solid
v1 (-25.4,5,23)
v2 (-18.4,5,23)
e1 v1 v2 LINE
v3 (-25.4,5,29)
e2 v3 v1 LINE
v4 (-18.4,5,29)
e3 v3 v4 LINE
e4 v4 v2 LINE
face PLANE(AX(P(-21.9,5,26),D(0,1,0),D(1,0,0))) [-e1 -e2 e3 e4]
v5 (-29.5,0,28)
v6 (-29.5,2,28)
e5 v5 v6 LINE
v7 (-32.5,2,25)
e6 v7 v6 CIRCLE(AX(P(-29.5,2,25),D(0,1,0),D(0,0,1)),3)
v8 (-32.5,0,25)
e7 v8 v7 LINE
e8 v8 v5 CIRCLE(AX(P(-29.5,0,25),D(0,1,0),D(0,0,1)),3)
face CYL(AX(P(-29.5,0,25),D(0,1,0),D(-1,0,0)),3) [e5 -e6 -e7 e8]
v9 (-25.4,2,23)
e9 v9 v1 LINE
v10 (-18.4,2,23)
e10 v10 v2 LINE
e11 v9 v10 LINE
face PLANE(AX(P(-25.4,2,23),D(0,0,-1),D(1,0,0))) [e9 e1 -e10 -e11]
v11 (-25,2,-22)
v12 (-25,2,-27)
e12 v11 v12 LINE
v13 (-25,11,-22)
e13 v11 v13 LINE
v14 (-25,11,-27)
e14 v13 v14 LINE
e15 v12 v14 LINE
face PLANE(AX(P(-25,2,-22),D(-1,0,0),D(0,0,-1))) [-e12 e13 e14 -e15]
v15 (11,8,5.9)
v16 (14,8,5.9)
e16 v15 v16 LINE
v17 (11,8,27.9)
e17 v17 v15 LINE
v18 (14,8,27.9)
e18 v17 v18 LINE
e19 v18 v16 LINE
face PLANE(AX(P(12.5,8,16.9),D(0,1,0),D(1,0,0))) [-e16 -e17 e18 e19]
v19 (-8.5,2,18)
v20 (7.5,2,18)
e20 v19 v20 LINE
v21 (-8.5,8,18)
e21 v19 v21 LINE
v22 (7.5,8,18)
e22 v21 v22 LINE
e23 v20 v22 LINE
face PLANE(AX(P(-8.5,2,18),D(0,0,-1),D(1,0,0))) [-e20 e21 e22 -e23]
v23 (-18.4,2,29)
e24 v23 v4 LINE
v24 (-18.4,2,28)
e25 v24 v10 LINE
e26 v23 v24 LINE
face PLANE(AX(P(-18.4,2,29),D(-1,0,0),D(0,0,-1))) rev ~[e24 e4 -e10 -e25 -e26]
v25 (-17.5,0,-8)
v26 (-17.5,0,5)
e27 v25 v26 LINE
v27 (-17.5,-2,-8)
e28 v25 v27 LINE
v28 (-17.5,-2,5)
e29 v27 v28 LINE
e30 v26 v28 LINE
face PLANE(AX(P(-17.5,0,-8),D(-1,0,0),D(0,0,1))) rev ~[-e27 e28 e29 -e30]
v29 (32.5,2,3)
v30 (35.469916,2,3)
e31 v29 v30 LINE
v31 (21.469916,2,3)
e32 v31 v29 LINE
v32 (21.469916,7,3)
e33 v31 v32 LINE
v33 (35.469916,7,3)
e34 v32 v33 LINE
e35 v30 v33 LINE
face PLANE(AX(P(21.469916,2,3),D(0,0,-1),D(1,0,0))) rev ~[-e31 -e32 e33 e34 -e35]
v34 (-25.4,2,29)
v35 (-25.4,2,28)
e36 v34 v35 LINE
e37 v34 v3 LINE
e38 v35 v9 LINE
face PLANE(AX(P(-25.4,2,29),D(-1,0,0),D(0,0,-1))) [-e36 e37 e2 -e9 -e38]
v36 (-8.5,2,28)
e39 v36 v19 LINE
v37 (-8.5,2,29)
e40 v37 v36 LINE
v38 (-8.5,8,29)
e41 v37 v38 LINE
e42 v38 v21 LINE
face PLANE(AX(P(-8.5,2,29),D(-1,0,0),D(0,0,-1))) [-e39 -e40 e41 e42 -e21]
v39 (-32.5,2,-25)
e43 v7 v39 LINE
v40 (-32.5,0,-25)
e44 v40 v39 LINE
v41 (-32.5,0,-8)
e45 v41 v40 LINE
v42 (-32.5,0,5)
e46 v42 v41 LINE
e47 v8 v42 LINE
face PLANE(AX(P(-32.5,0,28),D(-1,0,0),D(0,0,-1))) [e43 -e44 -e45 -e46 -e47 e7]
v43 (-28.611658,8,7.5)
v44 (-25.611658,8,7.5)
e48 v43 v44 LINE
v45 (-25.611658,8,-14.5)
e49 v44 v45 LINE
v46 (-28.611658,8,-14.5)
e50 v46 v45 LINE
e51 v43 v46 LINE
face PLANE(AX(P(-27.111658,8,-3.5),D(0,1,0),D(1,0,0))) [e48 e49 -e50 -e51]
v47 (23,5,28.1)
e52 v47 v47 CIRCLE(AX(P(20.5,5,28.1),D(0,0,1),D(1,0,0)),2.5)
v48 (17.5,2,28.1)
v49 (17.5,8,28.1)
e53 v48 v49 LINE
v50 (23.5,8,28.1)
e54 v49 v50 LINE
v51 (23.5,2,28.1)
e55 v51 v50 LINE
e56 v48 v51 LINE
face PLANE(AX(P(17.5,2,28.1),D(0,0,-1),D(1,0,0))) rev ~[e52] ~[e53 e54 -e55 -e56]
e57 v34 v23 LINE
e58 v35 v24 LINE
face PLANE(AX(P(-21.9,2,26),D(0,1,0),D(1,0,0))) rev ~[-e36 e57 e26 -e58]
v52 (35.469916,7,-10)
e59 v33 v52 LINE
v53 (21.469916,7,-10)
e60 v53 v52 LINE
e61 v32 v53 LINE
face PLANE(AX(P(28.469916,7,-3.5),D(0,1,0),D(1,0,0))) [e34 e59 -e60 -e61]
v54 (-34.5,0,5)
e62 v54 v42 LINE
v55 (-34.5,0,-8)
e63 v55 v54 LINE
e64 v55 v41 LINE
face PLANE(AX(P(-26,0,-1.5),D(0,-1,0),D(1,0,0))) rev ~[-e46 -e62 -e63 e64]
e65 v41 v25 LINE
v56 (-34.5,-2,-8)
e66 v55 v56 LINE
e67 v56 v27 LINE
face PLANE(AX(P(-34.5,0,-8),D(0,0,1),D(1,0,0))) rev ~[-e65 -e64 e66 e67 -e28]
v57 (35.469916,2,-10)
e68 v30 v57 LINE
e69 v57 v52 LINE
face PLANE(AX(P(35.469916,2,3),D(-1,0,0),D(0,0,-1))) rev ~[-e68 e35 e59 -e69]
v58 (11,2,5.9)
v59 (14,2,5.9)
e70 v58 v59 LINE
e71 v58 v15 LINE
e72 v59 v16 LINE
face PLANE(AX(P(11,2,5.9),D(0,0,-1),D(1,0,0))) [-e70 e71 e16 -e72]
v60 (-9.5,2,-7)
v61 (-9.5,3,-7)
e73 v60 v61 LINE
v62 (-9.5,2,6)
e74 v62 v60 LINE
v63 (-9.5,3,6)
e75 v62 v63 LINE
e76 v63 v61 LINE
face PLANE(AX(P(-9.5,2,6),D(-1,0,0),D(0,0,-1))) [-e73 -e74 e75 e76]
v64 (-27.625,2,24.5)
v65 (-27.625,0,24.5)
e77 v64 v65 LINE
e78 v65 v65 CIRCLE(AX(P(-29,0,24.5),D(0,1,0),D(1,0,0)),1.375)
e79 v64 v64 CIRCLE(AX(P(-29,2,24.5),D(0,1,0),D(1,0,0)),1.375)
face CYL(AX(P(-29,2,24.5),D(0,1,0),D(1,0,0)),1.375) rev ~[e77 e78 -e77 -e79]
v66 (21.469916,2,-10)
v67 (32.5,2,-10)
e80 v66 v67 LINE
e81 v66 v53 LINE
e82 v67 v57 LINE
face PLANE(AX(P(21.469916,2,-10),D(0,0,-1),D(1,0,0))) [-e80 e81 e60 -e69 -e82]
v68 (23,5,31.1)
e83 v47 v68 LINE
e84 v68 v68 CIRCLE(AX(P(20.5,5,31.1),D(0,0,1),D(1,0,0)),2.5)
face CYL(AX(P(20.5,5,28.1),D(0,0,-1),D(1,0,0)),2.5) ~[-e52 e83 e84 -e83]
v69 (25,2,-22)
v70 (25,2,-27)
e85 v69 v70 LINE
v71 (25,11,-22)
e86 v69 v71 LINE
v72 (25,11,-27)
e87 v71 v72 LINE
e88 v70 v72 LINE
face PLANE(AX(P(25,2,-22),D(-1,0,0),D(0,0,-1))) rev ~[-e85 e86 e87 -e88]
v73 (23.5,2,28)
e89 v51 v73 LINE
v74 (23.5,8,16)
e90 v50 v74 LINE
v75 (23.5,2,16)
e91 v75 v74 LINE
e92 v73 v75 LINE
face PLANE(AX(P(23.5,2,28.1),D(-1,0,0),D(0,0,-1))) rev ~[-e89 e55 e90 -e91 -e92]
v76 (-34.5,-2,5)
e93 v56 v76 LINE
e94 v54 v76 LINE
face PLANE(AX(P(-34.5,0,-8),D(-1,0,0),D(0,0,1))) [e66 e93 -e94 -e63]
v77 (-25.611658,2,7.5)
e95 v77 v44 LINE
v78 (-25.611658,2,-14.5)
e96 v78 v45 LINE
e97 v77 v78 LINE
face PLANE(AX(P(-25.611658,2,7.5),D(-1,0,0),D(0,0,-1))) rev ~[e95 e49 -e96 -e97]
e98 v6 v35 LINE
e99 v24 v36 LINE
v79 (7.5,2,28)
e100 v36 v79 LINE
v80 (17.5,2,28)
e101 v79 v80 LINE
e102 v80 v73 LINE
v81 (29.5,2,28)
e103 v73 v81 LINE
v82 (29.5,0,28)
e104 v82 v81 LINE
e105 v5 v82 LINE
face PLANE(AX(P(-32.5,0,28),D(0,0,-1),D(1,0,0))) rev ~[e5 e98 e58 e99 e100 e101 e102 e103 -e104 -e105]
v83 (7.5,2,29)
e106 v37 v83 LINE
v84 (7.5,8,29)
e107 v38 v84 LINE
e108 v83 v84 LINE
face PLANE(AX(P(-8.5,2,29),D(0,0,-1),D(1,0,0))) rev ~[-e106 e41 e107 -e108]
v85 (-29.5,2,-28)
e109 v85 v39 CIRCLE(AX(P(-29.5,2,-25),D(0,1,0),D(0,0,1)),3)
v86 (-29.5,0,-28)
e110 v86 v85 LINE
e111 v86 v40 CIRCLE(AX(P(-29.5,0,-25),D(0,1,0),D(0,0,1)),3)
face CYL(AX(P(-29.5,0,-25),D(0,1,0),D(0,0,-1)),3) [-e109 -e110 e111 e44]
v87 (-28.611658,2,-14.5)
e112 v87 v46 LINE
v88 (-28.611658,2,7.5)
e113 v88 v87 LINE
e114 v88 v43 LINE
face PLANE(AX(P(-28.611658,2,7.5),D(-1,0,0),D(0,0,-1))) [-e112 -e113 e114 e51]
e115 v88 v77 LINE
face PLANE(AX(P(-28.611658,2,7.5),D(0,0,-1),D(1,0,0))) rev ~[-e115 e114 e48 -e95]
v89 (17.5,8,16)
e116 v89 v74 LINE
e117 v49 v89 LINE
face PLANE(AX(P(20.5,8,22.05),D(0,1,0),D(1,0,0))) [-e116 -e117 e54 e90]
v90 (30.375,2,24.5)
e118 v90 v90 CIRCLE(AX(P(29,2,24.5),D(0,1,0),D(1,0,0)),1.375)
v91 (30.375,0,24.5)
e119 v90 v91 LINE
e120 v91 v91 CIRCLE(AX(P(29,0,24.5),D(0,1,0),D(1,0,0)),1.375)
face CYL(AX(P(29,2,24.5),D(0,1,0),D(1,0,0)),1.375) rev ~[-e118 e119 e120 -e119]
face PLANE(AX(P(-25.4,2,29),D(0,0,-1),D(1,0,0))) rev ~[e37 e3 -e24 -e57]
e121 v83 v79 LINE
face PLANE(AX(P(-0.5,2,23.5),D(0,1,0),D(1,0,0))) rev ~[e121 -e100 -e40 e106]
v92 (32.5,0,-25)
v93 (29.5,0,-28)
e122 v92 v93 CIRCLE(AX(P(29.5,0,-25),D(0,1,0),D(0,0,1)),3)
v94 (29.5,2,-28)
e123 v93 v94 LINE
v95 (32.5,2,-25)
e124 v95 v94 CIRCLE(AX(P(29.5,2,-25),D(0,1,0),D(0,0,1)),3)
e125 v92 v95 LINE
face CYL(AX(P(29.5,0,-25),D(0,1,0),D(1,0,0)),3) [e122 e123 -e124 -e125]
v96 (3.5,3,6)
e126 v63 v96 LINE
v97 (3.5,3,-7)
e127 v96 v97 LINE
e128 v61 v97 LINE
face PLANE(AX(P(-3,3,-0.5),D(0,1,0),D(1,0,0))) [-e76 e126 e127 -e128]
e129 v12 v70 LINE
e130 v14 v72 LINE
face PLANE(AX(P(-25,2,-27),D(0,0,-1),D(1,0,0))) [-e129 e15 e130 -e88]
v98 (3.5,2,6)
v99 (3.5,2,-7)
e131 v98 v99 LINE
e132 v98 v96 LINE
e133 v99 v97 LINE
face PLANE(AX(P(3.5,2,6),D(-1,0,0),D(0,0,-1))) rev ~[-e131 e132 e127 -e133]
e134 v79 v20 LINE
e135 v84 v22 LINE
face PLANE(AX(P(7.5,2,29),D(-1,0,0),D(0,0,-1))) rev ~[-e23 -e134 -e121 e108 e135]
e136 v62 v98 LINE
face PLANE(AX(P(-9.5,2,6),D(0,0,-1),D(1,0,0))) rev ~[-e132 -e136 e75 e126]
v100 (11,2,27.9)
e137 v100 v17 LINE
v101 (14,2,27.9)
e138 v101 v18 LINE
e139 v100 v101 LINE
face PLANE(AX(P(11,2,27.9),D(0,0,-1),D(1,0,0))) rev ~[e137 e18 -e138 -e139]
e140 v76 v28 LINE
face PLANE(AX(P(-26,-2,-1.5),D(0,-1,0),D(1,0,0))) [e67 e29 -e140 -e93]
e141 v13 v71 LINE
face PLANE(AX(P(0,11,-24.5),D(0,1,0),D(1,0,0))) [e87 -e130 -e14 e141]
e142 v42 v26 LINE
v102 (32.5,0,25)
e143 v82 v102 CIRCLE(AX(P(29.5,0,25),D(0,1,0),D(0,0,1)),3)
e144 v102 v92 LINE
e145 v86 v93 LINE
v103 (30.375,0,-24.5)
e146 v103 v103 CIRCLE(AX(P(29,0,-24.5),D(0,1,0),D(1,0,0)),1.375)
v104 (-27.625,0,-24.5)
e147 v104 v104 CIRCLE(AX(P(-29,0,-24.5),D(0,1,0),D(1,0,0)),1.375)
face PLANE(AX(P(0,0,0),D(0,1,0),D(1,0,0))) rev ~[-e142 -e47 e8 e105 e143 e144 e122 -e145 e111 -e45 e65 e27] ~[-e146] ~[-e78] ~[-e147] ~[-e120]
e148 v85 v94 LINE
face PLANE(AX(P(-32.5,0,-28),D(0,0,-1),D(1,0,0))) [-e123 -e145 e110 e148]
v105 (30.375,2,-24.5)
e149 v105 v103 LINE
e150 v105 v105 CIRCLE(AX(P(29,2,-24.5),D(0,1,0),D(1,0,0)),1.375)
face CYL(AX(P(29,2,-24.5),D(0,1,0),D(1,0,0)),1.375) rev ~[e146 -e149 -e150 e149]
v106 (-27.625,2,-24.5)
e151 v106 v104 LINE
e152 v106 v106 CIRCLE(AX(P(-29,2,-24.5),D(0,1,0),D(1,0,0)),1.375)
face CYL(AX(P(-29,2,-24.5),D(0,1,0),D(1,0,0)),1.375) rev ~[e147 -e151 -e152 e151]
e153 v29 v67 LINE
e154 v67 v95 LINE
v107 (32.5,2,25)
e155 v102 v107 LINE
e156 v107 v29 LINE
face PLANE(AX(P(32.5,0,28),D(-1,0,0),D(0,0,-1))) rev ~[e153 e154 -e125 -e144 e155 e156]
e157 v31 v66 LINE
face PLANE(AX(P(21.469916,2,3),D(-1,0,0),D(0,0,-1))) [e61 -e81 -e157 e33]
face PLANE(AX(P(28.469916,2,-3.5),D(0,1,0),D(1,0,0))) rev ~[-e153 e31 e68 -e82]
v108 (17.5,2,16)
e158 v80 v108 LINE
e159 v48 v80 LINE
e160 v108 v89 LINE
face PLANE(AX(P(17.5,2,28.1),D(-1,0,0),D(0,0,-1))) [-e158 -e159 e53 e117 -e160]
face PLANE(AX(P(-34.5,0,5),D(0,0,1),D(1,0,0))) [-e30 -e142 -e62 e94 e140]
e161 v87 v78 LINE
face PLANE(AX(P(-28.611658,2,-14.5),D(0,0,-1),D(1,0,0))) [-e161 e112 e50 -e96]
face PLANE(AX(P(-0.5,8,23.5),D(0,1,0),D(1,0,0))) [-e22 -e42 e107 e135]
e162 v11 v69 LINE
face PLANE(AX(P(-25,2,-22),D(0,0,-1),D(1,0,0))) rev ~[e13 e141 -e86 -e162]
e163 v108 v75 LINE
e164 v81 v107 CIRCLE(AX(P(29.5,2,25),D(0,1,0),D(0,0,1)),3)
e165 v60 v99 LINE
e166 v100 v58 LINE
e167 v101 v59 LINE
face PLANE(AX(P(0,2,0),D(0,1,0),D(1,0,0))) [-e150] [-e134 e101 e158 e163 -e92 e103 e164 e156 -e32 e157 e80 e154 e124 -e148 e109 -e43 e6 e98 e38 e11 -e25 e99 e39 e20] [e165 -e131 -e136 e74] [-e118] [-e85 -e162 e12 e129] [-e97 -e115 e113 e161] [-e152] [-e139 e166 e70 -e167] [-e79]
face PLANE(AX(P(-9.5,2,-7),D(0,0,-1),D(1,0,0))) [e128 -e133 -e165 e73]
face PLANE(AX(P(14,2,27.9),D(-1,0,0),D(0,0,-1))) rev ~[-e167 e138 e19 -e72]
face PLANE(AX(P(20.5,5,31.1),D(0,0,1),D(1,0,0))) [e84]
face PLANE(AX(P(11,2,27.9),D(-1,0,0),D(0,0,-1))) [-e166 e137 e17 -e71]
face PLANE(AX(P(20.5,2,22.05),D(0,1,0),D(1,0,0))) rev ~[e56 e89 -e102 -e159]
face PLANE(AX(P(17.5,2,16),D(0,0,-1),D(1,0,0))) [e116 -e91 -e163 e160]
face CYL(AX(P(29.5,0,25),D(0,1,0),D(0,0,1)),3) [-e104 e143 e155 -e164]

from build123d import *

# Parameters (mm, degrees)
SKETCH1_W            = 65
SKETCH1_H            = 56
BOSS_EXTRUDE1_DEPTH  = 2
SKETCH2_R            = 1.375
CUT_EXTRUDE1_DEPTH   = 2
FILLET1_R            = 3
FILLET2_R            = 3
FILLET3_R            = 3
FILLET4_R            = 3
SKETCH3_W            = 50
SKETCH3_H            = 5
BOSS_EXTRUDE2_DEPTH  = 9
SKETCH4_W            = 3
SKETCH4_H            = 22
BOSS_EXTRUDE3_DEPTH  = 6
SKETCH5_W            = 14
SKETCH5_H            = 13
BOSS_EXTRUDE4_DEPTH  = 5
SKETCH6_W            = 6
SKETCH6_H            = 12.1
BOSS_EXTRUDE5_DEPTH  = 6
SKETCH7_R            = 2.5
BOSS_EXTRUDE6_DEPTH  = 3
SKETCH8_W            = 3
SKETCH8_H            = 22
BOSS_EXTRUDE7_DEPTH  = 6
SKETCH9_W            = 16
SKETCH9_H            = 11
BOSS_EXTRUDE8_DEPTH  = 6
SKETCH10_W           = 7
SKETCH10_H           = 6
BOSS_EXTRUDE9_DEPTH  = 3
SKETCH11_W           = 17
SKETCH11_H           = 13
BOSS_EXTRUDE10_DEPTH = 2
SKETCH12_W           = 13
SKETCH12_H           = 13
BOSS_EXTRUDE11_DEPTH = 1


with BuildPart() as part:
    # Sketch1 → Boss-Extrude1 (new body)
    with BuildSketch(Plane(origin=(0, 0, 0), x_dir=(1, 0, 0), z_dir=(0, 1, 0))):
        Rectangle(SKETCH1_W, SKETCH1_H)
    extrude(amount=BOSS_EXTRUDE1_DEPTH)

    # Sketch2 → Cut-Extrude1 (cut)
    with BuildSketch(Plane(origin=(0, 2, 0), x_dir=(1, 0, 0), z_dir=(0, 1, 0))):
        with Locations((-29, -24.5)):
            Circle(SKETCH2_R)
        with Locations((-29, 24.5)):
            Circle(SKETCH2_R)
        with Locations((29, -24.5)):
            Circle(SKETCH2_R)
        with Locations((29, 24.5)):
            Circle(SKETCH2_R)
    extrude(amount=-CUT_EXTRUDE1_DEPTH, mode=Mode.SUBTRACT)

    # Fillet1
    fillet1_edges = [part.edges().sort_by_distance(p)[0] for p in [
        (-32.5, 1, 28),
    ]]
    fillet(fillet1_edges, radius=FILLET1_R)

    # Fillet2
    fillet2_edges = [part.edges().sort_by_distance(p)[0] for p in [
        (32.5, 1, 28),
    ]]
    fillet(fillet2_edges, radius=FILLET2_R)

    # Fillet3
    fillet3_edges = [part.edges().sort_by_distance(p)[0] for p in [
        (32.5, 1, -28),
    ]]
    fillet(fillet3_edges, radius=FILLET3_R)

    # Fillet4
    fillet4_edges = [part.edges().sort_by_distance(p)[0] for p in [
        (-32.5, 1, -28),
    ]]
    fillet(fillet4_edges, radius=FILLET4_R)

    # Sketch3 → Boss-Extrude2 (add)
    with BuildSketch(Plane(origin=(0, 2, 0), x_dir=(1, 0, 0), z_dir=(0, 1, 0))):
        with Locations((0, 24.5)):
            Rectangle(SKETCH3_W, SKETCH3_H)
    extrude(amount=BOSS_EXTRUDE2_DEPTH)

    # Sketch4 → Boss-Extrude3 (add)
    with BuildSketch(Plane(origin=(0, 2, 0), x_dir=(1, 0, 0), z_dir=(0, 1, 0))):
        with Locations((-27.111657831, 3.5)):
            Rectangle(SKETCH4_W, SKETCH4_H)
    extrude(amount=BOSS_EXTRUDE3_DEPTH)

    # Sketch5 → Boss-Extrude4 (add)
    with BuildSketch(Plane(origin=(0, 2, 0), x_dir=(1, 0, 0), z_dir=(0, 1, 0))):
        with Locations((28.469915967, 3.5)):
            Rectangle(SKETCH5_W, SKETCH5_H)
    extrude(amount=BOSS_EXTRUDE4_DEPTH)

    # Sketch6 → Boss-Extrude5 (add)
    with BuildSketch(Plane(origin=(0, 2, 0), x_dir=(1, 0, 0), z_dir=(0, 1, 0))):
        with Locations((20.5, -22.05)):
            Rectangle(SKETCH6_W, SKETCH6_H)
    extrude(amount=BOSS_EXTRUDE5_DEPTH)

    # Sketch7 → Boss-Extrude6 (add)
    with BuildSketch(Plane.XY.offset(28.1)):
        with Locations((20.5, 5)):
            Circle(SKETCH7_R)
    extrude(amount=BOSS_EXTRUDE6_DEPTH)

    # Sketch8 → Boss-Extrude7 (add)
    with BuildSketch(Plane(origin=(0, 2, 0), x_dir=(1, 0, 0), z_dir=(0, 1, 0))):
        with Locations((12.5, -16.9)):
            Rectangle(SKETCH8_W, SKETCH8_H)
    extrude(amount=BOSS_EXTRUDE7_DEPTH)

    # Sketch9 → Boss-Extrude8 (add)
    with BuildSketch(Plane(origin=(0, 2, 0), x_dir=(1, 0, 0), z_dir=(0, 1, 0))):
        with Locations((-0.5, -23.5)):
            Rectangle(SKETCH9_W, SKETCH9_H)
    extrude(amount=BOSS_EXTRUDE8_DEPTH)

    # Sketch10 → Boss-Extrude9 (add)
    with BuildSketch(Plane(origin=(0, 2, 0), x_dir=(1, 0, 0), z_dir=(0, 1, 0))):
        with Locations((-21.9, -26)):
            Rectangle(SKETCH10_W, SKETCH10_H)
    extrude(amount=BOSS_EXTRUDE9_DEPTH)

    # Sketch11 → Boss-Extrude10 (add)
    with BuildSketch(Plane.XZ):
        with Locations((-26, -1.5)):
            Rectangle(SKETCH11_W, SKETCH11_H)
    extrude(amount=BOSS_EXTRUDE10_DEPTH)

    # Sketch12 → Boss-Extrude11 (add)
    with BuildSketch(Plane(origin=(0, 2, 0), x_dir=(1, 0, 0), z_dir=(0, 1, 0))):
        with Locations((-3, 0.5)):
            Rectangle(SKETCH12_W, SKETCH12_H)
    extrude(amount=BOSS_EXTRUDE11_DEPTH)


solid = part.part
